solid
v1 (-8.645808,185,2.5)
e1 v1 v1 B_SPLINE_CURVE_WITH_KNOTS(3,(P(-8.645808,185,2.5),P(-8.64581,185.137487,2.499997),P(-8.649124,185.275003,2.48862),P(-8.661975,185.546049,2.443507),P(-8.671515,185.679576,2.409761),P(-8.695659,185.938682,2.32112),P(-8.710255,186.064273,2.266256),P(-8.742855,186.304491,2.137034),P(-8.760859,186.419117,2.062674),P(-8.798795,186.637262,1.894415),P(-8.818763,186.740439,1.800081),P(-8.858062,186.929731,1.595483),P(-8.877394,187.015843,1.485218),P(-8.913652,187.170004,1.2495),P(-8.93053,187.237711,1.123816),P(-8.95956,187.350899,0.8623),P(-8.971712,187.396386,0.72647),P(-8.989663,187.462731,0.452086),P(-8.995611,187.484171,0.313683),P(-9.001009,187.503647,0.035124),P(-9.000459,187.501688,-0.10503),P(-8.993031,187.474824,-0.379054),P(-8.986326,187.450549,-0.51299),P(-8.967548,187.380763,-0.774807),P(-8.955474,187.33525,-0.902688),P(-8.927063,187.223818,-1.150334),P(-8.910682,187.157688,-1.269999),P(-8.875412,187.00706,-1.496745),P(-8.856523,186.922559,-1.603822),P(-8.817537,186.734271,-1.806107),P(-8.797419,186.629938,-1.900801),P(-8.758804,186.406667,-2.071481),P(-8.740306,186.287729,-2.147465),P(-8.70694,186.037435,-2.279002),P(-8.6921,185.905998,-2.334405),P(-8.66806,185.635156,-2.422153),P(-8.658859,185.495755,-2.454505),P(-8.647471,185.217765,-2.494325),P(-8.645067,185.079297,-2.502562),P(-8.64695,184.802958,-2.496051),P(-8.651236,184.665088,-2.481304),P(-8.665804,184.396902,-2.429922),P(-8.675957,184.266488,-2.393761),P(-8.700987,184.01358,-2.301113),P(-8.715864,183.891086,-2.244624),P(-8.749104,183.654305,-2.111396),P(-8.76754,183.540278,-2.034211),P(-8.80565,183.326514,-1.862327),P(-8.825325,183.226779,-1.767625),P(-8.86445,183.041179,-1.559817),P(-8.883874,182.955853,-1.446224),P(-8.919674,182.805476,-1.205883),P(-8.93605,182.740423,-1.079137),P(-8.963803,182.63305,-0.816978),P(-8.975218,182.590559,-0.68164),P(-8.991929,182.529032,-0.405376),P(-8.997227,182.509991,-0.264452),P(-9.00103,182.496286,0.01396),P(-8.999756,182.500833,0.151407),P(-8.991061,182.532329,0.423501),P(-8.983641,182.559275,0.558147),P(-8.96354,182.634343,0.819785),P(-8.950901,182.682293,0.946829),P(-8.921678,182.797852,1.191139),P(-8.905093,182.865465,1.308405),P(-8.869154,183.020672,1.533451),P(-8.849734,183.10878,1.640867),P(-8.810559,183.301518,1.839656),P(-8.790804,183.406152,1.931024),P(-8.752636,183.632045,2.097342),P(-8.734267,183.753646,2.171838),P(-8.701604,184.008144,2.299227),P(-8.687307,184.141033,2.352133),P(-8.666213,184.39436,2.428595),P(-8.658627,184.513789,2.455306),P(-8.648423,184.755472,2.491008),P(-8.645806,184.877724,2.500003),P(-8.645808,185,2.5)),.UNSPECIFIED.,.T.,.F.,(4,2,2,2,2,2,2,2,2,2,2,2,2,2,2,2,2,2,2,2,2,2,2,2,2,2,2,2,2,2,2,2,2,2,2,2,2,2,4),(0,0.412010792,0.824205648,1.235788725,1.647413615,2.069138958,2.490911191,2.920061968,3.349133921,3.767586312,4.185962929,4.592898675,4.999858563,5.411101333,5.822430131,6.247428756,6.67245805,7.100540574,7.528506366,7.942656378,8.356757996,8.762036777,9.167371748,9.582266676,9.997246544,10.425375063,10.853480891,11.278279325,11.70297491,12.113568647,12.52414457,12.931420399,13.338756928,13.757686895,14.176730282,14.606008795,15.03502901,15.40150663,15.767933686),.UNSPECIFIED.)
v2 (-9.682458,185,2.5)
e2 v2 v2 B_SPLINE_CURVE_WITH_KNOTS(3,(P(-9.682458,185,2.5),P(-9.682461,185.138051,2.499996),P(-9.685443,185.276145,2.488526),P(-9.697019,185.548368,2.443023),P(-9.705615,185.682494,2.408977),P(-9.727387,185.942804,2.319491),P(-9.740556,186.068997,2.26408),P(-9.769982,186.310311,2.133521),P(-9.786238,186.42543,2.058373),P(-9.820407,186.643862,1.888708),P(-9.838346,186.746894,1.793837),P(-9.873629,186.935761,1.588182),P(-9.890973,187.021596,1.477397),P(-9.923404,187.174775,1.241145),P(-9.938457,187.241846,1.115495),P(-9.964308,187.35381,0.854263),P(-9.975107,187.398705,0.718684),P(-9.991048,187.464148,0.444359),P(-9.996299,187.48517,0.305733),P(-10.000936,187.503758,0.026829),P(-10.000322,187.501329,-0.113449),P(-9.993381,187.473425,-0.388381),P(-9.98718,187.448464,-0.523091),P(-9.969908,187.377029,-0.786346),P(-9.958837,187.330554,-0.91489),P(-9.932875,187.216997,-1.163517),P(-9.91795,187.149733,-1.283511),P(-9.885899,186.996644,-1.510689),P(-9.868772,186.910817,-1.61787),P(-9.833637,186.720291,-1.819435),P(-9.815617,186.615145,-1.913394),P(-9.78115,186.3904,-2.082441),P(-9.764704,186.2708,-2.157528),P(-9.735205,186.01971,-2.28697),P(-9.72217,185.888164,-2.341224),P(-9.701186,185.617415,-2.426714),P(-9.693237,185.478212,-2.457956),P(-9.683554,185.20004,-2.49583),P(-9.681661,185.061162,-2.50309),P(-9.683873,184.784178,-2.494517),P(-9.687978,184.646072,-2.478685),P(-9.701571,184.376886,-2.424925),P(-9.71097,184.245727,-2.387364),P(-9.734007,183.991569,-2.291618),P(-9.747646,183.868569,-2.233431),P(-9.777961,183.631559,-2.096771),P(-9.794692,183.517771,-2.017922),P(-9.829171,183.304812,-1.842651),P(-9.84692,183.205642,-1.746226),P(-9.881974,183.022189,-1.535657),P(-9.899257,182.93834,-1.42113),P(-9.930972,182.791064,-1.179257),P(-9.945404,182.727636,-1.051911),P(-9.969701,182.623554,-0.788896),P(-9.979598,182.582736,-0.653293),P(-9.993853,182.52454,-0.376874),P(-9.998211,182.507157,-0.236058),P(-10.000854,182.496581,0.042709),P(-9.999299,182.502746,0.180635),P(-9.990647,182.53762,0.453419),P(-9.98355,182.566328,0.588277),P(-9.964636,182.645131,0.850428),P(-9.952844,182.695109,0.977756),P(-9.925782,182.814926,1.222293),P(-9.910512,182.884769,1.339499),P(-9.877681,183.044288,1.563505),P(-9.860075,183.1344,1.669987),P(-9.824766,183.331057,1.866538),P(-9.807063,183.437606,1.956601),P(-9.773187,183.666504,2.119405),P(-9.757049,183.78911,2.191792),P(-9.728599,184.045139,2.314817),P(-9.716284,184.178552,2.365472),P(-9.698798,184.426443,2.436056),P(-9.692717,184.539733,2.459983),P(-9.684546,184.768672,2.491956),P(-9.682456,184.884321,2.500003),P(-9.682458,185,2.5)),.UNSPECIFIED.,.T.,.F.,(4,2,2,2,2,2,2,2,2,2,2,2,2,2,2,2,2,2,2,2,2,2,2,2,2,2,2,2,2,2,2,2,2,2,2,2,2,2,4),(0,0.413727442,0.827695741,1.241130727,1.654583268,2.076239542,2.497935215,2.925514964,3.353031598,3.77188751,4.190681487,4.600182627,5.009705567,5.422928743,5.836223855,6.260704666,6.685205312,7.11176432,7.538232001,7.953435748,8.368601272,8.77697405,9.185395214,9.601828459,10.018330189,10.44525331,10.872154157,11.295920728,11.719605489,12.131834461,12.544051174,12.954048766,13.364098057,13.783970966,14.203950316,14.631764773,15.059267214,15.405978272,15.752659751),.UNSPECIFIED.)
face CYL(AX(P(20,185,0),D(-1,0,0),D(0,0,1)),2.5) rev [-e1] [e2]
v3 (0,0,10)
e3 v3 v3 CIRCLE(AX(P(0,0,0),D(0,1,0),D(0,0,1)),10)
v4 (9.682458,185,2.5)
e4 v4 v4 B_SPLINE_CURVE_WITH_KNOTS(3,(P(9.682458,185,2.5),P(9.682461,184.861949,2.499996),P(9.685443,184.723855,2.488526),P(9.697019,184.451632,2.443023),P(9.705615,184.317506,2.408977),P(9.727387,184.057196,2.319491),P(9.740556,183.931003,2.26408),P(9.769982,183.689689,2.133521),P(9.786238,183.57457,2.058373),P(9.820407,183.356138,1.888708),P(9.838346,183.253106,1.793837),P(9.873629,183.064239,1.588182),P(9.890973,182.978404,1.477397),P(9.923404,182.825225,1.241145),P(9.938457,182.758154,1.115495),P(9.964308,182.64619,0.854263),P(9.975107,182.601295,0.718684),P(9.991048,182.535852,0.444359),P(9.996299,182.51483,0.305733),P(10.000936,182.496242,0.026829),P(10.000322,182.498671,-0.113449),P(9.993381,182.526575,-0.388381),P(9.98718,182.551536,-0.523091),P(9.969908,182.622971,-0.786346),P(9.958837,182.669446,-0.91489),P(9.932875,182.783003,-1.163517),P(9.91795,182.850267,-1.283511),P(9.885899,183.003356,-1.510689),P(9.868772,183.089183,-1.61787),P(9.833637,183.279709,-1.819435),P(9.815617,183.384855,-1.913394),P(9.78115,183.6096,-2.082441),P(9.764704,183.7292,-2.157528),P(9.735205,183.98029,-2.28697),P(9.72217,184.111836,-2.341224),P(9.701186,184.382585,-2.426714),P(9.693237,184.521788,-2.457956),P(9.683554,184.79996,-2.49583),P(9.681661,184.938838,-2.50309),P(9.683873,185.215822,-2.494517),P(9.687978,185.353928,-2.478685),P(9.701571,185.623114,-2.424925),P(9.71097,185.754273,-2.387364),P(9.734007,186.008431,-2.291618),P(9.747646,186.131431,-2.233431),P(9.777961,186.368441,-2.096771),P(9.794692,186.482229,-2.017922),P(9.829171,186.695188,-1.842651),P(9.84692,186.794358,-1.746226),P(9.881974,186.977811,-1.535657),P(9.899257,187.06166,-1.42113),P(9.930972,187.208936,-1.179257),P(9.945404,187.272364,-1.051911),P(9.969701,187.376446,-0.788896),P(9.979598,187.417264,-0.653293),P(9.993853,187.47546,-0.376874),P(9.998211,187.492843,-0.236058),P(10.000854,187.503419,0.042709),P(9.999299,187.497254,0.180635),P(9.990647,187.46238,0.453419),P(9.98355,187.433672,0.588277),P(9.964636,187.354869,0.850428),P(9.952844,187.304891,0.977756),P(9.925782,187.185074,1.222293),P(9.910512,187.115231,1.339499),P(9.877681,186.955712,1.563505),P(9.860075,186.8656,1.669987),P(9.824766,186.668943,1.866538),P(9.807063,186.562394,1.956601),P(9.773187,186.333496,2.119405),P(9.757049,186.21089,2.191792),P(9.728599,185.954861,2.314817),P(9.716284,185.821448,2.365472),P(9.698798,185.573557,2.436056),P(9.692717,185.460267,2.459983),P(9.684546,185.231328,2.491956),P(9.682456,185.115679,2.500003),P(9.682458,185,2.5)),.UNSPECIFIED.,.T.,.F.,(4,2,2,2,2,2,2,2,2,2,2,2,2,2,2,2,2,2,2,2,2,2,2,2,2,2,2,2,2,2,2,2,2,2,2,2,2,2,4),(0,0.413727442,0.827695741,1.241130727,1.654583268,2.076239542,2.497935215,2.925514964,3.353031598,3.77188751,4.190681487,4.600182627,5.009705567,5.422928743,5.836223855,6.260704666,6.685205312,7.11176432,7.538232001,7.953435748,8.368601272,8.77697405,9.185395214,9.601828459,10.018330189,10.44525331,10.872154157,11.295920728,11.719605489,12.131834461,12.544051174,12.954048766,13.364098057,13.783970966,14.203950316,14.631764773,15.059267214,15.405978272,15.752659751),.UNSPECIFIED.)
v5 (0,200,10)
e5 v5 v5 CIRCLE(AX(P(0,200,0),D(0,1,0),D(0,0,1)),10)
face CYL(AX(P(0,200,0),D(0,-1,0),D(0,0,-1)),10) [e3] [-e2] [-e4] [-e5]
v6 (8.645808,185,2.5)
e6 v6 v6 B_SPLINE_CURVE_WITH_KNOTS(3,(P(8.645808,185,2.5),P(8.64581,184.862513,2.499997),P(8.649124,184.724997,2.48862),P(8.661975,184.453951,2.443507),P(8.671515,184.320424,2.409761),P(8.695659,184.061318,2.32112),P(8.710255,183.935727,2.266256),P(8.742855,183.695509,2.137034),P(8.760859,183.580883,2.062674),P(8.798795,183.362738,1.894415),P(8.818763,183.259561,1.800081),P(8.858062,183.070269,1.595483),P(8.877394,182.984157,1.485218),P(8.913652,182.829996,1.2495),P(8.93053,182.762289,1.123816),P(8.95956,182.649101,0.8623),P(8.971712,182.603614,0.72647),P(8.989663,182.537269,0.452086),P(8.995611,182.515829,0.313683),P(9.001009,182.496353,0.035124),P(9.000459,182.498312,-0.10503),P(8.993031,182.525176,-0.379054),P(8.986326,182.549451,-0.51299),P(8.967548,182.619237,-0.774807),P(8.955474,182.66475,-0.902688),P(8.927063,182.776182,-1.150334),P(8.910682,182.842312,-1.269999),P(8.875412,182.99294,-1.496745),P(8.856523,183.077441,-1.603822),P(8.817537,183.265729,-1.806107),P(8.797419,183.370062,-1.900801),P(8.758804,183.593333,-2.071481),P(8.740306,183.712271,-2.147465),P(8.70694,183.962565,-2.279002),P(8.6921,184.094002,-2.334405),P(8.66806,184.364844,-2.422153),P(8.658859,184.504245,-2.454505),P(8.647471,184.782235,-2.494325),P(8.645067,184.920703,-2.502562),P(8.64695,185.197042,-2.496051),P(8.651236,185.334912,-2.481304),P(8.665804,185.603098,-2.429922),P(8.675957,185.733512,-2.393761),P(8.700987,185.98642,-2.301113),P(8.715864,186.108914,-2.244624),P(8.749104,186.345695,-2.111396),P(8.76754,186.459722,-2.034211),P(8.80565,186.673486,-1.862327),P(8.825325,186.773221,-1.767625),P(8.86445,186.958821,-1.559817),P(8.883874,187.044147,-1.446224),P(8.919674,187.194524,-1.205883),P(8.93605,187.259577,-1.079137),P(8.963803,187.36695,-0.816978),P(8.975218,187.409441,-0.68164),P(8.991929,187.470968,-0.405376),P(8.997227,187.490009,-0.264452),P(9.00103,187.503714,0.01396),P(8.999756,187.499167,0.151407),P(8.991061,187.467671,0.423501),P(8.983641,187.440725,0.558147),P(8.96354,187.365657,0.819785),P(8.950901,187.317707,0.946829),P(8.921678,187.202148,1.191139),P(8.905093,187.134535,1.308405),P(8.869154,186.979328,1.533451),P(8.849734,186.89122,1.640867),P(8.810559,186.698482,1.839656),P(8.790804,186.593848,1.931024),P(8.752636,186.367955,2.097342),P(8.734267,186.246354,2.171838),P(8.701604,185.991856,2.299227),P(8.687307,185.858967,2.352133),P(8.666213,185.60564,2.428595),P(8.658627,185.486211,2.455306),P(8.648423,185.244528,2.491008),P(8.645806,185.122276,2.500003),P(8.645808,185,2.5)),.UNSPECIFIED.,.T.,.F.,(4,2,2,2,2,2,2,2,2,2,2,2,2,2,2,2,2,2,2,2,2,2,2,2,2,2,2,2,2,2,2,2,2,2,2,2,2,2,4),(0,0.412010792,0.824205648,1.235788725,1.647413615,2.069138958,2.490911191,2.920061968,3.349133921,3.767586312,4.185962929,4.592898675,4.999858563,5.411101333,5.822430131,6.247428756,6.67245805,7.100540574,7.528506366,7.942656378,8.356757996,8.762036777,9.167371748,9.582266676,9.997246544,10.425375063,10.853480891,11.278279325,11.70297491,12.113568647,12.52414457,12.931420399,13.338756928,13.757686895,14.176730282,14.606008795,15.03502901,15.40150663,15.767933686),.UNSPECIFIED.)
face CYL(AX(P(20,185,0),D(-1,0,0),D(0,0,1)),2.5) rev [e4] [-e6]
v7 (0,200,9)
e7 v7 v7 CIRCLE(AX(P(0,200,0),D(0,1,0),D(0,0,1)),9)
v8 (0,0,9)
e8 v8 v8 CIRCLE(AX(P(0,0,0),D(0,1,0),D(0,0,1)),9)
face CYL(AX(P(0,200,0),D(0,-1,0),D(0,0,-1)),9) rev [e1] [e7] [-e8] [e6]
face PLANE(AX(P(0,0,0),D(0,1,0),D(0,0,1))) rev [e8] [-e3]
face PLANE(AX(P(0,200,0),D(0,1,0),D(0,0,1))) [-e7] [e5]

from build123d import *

# Parameters (mm, degrees)
IZIM1_R                     = 10
IZIM1_R_2                   = 9
Y_KSEKLIK_EKSTR_ZYON1_DEPTH = 200
KES_EKSTR_ZYON1_DEPTH       = 20
KES_EKSTR_ZYON1_DEPTH_BACK  = 20
IZIM2_R                     = 2.5


with BuildPart() as part:
    # Çizim1 → Yükseklik-Ekstrüzyon1 (new body)
    with BuildSketch(Plane(origin=(0, 0, 0), x_dir=(1, 0, 0), z_dir=(0, 1, 0))):
        Circle(IZIM1_R)
        Circle(IZIM1_R_2, mode=Mode.SUBTRACT)
    extrude(amount=Y_KSEKLIK_EKSTR_ZYON1_DEPTH)

    # Çizim2 → Kes-Ekstrüzyon1 (cut, two sides: drawn at the far end of the back side and taken through both)
    with BuildSketch(Plane(origin=(0, 0, 0), x_dir=(0, 0, -1), z_dir=(1, 0, 0)).offset(-KES_EKSTR_ZYON1_DEPTH_BACK)):
        with Locations((0, 185)):
            Circle(IZIM2_R)
    extrude(amount=KES_EKSTR_ZYON1_DEPTH + KES_EKSTR_ZYON1_DEPTH_BACK, mode=Mode.SUBTRACT)


solid = part.part
